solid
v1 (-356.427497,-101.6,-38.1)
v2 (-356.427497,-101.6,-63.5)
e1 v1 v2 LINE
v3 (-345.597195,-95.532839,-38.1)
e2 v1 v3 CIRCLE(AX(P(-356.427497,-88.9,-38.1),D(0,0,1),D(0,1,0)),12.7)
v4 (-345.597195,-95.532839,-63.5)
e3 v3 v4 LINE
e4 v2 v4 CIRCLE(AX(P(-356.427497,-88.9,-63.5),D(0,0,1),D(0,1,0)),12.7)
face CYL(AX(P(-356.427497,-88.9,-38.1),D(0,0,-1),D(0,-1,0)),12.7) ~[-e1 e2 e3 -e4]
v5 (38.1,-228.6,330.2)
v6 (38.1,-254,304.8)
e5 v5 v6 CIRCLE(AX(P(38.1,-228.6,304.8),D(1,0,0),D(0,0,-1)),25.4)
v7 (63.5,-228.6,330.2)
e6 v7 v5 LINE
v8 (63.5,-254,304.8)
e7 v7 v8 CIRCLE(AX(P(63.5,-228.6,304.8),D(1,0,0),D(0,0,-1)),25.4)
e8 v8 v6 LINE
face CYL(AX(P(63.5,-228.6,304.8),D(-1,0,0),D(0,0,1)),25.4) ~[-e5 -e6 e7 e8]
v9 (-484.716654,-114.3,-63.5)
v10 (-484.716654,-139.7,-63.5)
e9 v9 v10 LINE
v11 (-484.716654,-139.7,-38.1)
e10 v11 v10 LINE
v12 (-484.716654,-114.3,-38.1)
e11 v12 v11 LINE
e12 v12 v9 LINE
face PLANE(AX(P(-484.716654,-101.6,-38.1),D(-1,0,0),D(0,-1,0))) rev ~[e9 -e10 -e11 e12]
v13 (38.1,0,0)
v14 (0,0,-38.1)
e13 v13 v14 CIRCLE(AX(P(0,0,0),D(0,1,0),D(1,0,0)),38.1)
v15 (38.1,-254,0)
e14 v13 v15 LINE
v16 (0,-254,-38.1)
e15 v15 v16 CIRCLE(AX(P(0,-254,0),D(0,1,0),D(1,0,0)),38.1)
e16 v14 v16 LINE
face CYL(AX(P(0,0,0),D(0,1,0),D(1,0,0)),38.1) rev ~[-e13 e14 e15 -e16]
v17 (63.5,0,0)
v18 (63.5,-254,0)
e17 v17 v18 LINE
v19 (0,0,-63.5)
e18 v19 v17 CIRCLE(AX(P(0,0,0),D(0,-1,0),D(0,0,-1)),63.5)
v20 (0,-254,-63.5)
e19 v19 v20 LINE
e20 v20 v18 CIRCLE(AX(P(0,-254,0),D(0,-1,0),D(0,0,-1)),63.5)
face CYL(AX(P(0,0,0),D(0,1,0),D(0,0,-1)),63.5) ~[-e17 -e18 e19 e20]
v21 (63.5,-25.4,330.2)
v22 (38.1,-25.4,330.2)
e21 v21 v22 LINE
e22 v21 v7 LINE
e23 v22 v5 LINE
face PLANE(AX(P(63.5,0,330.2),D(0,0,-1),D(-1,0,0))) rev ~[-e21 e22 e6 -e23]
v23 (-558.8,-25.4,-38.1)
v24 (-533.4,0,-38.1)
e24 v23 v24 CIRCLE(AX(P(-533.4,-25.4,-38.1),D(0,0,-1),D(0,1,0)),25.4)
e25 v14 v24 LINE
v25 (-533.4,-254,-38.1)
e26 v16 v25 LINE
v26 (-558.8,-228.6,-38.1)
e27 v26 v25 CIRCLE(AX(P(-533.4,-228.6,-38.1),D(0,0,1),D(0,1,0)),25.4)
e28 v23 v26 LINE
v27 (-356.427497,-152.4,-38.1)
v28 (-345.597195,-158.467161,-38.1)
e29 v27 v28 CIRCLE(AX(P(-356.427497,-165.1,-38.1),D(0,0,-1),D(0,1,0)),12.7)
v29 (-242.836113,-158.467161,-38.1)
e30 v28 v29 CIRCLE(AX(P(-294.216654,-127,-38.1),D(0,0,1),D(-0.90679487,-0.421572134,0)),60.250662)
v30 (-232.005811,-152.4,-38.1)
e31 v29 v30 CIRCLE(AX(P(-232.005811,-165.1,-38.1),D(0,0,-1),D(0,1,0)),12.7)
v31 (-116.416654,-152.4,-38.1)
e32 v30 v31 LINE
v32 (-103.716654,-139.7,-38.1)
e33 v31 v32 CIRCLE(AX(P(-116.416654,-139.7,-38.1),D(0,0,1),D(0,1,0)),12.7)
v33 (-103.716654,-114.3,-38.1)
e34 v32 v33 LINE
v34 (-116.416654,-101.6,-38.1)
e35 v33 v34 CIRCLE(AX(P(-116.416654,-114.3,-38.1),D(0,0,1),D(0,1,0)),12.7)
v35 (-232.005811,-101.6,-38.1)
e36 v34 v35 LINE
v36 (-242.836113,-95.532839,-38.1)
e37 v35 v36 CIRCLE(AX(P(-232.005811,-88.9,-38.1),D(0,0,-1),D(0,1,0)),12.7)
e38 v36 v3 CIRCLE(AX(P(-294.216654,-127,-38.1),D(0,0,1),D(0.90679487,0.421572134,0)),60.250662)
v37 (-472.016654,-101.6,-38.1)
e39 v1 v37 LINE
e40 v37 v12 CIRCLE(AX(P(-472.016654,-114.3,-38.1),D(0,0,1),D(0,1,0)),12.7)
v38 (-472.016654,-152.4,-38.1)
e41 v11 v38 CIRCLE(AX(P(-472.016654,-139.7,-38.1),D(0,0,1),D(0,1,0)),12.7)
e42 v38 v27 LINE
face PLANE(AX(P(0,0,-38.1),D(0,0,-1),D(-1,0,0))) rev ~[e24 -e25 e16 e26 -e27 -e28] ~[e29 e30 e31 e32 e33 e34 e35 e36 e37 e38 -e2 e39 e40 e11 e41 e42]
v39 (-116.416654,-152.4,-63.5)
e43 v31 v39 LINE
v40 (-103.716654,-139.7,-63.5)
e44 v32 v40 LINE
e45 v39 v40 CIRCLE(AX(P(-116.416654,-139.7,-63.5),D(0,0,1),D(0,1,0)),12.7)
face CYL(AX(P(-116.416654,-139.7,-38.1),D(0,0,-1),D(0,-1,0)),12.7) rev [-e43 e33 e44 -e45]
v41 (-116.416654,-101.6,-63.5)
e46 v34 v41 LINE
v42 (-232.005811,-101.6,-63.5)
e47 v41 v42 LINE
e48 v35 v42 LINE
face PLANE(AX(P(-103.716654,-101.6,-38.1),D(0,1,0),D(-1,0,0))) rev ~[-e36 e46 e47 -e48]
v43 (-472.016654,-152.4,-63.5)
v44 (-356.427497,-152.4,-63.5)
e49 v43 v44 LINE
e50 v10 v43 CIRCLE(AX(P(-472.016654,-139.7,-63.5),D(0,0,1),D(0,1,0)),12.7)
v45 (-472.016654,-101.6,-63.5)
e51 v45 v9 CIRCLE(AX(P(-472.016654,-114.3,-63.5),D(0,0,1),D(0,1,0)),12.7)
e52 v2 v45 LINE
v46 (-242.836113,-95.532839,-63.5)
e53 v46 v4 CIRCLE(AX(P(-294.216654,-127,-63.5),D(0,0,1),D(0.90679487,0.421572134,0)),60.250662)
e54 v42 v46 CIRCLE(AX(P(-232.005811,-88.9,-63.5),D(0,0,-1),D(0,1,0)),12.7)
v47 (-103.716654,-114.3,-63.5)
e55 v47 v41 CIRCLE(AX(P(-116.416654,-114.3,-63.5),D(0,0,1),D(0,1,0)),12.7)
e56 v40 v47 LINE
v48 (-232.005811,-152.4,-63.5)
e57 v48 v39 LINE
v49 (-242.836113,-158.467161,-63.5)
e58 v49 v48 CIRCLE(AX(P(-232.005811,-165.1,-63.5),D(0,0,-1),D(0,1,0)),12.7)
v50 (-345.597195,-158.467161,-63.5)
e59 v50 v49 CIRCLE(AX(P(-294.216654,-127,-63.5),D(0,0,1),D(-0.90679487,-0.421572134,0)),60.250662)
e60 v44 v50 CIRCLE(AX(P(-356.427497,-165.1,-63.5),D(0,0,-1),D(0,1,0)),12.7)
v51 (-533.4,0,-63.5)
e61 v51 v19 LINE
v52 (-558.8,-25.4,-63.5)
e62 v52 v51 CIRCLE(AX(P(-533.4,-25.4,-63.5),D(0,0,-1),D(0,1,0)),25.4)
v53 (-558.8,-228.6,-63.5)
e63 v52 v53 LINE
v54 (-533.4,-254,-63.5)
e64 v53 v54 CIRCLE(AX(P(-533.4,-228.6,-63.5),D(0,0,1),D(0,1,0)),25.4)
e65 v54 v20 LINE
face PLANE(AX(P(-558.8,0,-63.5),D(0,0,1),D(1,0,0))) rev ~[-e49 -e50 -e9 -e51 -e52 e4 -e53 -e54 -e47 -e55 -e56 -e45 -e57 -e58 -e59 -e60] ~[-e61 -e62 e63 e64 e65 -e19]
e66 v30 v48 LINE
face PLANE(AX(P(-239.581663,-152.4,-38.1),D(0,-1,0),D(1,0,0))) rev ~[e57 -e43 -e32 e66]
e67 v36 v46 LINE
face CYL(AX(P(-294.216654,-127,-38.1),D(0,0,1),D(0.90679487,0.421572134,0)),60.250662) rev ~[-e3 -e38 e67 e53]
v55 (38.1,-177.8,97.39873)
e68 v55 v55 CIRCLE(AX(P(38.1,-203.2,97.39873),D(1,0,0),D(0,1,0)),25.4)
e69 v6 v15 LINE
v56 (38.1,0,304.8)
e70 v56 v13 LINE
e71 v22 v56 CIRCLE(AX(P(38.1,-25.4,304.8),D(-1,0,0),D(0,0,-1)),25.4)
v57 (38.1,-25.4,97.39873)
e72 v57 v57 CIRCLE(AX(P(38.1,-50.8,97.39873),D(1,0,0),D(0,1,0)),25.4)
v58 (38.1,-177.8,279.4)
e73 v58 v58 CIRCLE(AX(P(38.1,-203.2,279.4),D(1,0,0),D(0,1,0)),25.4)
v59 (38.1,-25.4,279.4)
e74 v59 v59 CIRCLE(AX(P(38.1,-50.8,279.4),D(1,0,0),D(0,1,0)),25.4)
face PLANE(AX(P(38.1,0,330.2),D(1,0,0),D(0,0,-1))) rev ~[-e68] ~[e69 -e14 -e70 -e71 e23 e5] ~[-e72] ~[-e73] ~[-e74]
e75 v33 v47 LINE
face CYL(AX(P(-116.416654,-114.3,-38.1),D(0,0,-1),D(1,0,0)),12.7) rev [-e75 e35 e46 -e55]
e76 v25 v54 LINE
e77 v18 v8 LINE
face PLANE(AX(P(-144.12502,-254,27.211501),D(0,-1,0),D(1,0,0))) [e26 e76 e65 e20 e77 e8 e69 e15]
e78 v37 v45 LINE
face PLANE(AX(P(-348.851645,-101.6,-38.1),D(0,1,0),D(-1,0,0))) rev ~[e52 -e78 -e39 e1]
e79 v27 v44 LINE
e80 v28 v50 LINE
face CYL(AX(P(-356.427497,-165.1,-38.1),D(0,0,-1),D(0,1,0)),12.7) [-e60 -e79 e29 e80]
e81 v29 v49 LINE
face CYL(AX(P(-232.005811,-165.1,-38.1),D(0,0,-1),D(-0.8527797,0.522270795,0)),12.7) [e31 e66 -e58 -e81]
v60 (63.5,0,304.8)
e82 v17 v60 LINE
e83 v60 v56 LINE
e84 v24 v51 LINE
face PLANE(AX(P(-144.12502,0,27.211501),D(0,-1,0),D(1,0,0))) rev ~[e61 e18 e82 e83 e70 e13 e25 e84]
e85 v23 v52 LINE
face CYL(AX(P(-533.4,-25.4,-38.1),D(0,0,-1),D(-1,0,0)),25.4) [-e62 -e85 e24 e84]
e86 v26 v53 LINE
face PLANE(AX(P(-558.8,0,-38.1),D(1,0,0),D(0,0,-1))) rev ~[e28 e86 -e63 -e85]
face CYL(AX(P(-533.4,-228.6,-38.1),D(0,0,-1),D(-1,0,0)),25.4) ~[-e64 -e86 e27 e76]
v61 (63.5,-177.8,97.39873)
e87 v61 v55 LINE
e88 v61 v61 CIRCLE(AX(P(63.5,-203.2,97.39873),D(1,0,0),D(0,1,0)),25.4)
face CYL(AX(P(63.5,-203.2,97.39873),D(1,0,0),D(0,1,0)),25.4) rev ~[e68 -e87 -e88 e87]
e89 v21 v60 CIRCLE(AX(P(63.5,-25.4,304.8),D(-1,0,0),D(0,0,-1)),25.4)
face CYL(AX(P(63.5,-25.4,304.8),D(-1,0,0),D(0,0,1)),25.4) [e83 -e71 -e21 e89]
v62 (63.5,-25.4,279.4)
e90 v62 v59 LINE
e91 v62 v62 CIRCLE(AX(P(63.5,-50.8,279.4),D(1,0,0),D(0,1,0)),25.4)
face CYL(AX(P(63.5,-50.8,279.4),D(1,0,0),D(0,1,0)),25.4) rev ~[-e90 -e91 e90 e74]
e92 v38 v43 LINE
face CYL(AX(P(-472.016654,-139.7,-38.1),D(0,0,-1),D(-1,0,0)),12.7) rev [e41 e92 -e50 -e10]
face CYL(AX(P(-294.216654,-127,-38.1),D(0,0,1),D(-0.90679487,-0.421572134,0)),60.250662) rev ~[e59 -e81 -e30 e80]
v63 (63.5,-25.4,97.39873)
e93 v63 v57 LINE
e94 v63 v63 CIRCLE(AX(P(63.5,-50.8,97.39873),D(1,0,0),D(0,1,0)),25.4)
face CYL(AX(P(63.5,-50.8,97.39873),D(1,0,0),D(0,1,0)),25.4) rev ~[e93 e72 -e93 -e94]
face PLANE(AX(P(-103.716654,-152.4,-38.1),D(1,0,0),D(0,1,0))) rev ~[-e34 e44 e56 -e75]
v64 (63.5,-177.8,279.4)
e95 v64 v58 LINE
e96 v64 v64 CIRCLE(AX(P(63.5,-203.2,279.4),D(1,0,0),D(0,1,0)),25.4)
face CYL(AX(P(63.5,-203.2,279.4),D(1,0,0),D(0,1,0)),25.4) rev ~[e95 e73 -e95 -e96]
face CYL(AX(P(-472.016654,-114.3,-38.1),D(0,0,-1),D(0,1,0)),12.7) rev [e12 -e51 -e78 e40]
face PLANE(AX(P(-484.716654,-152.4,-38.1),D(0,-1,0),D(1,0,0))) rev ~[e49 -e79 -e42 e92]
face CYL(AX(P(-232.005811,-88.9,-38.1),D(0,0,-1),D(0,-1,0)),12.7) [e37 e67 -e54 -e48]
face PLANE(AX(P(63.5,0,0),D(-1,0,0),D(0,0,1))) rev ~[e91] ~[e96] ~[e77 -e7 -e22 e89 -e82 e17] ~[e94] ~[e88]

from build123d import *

# Parameters (mm, degrees)
F1_DEPTH = 254
F2_R     = 25.4
F4_DEPTH = 25.4
F5_R     = 12.7
F6_R     = 25.4
F7_DEPTH = 25.4


with BuildPart() as f1:
    # F0 (on Front) → F1 (new body)
    with BuildSketch(Plane.XZ):
        with BuildLine():
            Line((-558.8, -63.5), (0, -63.5))
            ThreePointArc((0, -63.5), (44.9012806053, -44.9012806053), (63.5, 0))
            Line((63.5, 0), (63.5, 330.2))
            Line((63.5, 330.2), (38.1, 330.2))
            Line((38.1, 330.2), (38.1, 0))
            ThreePointArc((38.1, 0), (26.9407683632, -26.9407683632), (0, -38.1))
            Line((0, -38.1), (-558.8, -38.1))
            Line((-558.8, -38.1), (-558.8, -63.5))
        make_face()
    extrude(amount=F1_DEPTH)

    # F2
    f2_edges = [f1.edges().sort_by_distance(p)[0] for p in [
        (50.8, 0, 330.2),
        (50.8, -254, 330.2),
        (-558.8, 0, -50.8),
        (-558.8, -254, -50.8),
    ]]
    fillet(f2_edges, radius=F2_R)

    # F3 (on face) → F4 (cut)
    with BuildSketch(Plane.XY.offset(-38.1)):
        with BuildLine():
            Line((-348.8516446213, -101.6), (-484.7166538239, -101.6))
            Line((-484.7166538239, -101.6), (-484.7166538239, -152.4))
            Line((-484.7166538239, -152.4), (-348.8516446213, -152.4))
            ThreePointArc((-348.8516446213, -152.4), (-354.4673153923, -127), (-348.8516446213, -101.6))
        make_face()
        with BuildLine():
            ThreePointArc((-239.5816630264, -101.6), (-294.2166538239, -66.7493384316), (-348.8516446213, -101.6))
            Line((-348.8516446213, -101.6), (-239.5816630264, -101.6))
        make_face()
        with BuildLine():
            Line((-239.5816630264, -101.6), (-348.8516446213, -101.6))
            ThreePointArc((-348.8516446213, -101.6), (-354.4673153923, -127), (-348.8516446213, -152.4))
            Line((-348.8516446213, -152.4), (-239.5816630264, -152.4))
            ThreePointArc((-239.5816630264, -152.4), (-235.3866590943, -140.0066882623), (-233.9659922554, -127))
            ThreePointArc((-233.9659922554, -127), (-235.3866590943, -113.9933117377), (-239.5816630264, -101.6))
        make_face()
        with BuildLine():
            Line((-103.7166538239, -101.6), (-239.5816630264, -101.6))
            ThreePointArc((-239.5816630264, -101.6), (-235.3866590943, -113.9933117377), (-233.9659922554, -127))
            ThreePointArc((-233.9659922554, -127), (-235.3866590943, -140.0066882623), (-239.5816630264, -152.4))
            Line((-239.5816630264, -152.4), (-103.7166538239, -152.4))
            Line((-103.7166538239, -152.4), (-103.7166538239, -101.6))
        make_face()
        with BuildLine():
            Line((-239.5816630264, -152.4), (-348.8516446213, -152.4))
            ThreePointArc((-348.8516446213, -152.4), (-294.2166538239, -187.2506615684), (-239.5816630264, -152.4))
        make_face()
    extrude(amount=-F4_DEPTH, mode=Mode.SUBTRACT)

    # F5
    f5_edges = [f1.edges().sort_by_distance(p)[0] for p in [
        (-484.716654, -101.6, -50.8),
        (-348.851645, -101.6, -50.8),
        (-484.716654, -152.4, -50.8),
        (-348.851645, -152.4, -50.8),
        (-239.581663, -152.4, -50.8),
        (-239.581663, -101.6, -50.8),
        (-103.716654, -152.4, -50.8),
        (-103.716654, -101.6, -50.8),
    ]]
    fillet(f5_edges, radius=F5_R)

    # F6 (on face) → F7 (cut)
    with BuildSketch(Plane.YZ.offset(63.5)):
        with Locations((-50.8, 279.4)):
            Circle(F6_R)
        with Locations((-203.2, 279.4)):
            Circle(F6_R)
        with Locations((-50.8, 97.3987299839)):
            Circle(F6_R)
        with Locations((-203.2, 97.3987299839)):
            Circle(F6_R)
    extrude(amount=-F7_DEPTH, mode=Mode.SUBTRACT)


solid = f1.part
